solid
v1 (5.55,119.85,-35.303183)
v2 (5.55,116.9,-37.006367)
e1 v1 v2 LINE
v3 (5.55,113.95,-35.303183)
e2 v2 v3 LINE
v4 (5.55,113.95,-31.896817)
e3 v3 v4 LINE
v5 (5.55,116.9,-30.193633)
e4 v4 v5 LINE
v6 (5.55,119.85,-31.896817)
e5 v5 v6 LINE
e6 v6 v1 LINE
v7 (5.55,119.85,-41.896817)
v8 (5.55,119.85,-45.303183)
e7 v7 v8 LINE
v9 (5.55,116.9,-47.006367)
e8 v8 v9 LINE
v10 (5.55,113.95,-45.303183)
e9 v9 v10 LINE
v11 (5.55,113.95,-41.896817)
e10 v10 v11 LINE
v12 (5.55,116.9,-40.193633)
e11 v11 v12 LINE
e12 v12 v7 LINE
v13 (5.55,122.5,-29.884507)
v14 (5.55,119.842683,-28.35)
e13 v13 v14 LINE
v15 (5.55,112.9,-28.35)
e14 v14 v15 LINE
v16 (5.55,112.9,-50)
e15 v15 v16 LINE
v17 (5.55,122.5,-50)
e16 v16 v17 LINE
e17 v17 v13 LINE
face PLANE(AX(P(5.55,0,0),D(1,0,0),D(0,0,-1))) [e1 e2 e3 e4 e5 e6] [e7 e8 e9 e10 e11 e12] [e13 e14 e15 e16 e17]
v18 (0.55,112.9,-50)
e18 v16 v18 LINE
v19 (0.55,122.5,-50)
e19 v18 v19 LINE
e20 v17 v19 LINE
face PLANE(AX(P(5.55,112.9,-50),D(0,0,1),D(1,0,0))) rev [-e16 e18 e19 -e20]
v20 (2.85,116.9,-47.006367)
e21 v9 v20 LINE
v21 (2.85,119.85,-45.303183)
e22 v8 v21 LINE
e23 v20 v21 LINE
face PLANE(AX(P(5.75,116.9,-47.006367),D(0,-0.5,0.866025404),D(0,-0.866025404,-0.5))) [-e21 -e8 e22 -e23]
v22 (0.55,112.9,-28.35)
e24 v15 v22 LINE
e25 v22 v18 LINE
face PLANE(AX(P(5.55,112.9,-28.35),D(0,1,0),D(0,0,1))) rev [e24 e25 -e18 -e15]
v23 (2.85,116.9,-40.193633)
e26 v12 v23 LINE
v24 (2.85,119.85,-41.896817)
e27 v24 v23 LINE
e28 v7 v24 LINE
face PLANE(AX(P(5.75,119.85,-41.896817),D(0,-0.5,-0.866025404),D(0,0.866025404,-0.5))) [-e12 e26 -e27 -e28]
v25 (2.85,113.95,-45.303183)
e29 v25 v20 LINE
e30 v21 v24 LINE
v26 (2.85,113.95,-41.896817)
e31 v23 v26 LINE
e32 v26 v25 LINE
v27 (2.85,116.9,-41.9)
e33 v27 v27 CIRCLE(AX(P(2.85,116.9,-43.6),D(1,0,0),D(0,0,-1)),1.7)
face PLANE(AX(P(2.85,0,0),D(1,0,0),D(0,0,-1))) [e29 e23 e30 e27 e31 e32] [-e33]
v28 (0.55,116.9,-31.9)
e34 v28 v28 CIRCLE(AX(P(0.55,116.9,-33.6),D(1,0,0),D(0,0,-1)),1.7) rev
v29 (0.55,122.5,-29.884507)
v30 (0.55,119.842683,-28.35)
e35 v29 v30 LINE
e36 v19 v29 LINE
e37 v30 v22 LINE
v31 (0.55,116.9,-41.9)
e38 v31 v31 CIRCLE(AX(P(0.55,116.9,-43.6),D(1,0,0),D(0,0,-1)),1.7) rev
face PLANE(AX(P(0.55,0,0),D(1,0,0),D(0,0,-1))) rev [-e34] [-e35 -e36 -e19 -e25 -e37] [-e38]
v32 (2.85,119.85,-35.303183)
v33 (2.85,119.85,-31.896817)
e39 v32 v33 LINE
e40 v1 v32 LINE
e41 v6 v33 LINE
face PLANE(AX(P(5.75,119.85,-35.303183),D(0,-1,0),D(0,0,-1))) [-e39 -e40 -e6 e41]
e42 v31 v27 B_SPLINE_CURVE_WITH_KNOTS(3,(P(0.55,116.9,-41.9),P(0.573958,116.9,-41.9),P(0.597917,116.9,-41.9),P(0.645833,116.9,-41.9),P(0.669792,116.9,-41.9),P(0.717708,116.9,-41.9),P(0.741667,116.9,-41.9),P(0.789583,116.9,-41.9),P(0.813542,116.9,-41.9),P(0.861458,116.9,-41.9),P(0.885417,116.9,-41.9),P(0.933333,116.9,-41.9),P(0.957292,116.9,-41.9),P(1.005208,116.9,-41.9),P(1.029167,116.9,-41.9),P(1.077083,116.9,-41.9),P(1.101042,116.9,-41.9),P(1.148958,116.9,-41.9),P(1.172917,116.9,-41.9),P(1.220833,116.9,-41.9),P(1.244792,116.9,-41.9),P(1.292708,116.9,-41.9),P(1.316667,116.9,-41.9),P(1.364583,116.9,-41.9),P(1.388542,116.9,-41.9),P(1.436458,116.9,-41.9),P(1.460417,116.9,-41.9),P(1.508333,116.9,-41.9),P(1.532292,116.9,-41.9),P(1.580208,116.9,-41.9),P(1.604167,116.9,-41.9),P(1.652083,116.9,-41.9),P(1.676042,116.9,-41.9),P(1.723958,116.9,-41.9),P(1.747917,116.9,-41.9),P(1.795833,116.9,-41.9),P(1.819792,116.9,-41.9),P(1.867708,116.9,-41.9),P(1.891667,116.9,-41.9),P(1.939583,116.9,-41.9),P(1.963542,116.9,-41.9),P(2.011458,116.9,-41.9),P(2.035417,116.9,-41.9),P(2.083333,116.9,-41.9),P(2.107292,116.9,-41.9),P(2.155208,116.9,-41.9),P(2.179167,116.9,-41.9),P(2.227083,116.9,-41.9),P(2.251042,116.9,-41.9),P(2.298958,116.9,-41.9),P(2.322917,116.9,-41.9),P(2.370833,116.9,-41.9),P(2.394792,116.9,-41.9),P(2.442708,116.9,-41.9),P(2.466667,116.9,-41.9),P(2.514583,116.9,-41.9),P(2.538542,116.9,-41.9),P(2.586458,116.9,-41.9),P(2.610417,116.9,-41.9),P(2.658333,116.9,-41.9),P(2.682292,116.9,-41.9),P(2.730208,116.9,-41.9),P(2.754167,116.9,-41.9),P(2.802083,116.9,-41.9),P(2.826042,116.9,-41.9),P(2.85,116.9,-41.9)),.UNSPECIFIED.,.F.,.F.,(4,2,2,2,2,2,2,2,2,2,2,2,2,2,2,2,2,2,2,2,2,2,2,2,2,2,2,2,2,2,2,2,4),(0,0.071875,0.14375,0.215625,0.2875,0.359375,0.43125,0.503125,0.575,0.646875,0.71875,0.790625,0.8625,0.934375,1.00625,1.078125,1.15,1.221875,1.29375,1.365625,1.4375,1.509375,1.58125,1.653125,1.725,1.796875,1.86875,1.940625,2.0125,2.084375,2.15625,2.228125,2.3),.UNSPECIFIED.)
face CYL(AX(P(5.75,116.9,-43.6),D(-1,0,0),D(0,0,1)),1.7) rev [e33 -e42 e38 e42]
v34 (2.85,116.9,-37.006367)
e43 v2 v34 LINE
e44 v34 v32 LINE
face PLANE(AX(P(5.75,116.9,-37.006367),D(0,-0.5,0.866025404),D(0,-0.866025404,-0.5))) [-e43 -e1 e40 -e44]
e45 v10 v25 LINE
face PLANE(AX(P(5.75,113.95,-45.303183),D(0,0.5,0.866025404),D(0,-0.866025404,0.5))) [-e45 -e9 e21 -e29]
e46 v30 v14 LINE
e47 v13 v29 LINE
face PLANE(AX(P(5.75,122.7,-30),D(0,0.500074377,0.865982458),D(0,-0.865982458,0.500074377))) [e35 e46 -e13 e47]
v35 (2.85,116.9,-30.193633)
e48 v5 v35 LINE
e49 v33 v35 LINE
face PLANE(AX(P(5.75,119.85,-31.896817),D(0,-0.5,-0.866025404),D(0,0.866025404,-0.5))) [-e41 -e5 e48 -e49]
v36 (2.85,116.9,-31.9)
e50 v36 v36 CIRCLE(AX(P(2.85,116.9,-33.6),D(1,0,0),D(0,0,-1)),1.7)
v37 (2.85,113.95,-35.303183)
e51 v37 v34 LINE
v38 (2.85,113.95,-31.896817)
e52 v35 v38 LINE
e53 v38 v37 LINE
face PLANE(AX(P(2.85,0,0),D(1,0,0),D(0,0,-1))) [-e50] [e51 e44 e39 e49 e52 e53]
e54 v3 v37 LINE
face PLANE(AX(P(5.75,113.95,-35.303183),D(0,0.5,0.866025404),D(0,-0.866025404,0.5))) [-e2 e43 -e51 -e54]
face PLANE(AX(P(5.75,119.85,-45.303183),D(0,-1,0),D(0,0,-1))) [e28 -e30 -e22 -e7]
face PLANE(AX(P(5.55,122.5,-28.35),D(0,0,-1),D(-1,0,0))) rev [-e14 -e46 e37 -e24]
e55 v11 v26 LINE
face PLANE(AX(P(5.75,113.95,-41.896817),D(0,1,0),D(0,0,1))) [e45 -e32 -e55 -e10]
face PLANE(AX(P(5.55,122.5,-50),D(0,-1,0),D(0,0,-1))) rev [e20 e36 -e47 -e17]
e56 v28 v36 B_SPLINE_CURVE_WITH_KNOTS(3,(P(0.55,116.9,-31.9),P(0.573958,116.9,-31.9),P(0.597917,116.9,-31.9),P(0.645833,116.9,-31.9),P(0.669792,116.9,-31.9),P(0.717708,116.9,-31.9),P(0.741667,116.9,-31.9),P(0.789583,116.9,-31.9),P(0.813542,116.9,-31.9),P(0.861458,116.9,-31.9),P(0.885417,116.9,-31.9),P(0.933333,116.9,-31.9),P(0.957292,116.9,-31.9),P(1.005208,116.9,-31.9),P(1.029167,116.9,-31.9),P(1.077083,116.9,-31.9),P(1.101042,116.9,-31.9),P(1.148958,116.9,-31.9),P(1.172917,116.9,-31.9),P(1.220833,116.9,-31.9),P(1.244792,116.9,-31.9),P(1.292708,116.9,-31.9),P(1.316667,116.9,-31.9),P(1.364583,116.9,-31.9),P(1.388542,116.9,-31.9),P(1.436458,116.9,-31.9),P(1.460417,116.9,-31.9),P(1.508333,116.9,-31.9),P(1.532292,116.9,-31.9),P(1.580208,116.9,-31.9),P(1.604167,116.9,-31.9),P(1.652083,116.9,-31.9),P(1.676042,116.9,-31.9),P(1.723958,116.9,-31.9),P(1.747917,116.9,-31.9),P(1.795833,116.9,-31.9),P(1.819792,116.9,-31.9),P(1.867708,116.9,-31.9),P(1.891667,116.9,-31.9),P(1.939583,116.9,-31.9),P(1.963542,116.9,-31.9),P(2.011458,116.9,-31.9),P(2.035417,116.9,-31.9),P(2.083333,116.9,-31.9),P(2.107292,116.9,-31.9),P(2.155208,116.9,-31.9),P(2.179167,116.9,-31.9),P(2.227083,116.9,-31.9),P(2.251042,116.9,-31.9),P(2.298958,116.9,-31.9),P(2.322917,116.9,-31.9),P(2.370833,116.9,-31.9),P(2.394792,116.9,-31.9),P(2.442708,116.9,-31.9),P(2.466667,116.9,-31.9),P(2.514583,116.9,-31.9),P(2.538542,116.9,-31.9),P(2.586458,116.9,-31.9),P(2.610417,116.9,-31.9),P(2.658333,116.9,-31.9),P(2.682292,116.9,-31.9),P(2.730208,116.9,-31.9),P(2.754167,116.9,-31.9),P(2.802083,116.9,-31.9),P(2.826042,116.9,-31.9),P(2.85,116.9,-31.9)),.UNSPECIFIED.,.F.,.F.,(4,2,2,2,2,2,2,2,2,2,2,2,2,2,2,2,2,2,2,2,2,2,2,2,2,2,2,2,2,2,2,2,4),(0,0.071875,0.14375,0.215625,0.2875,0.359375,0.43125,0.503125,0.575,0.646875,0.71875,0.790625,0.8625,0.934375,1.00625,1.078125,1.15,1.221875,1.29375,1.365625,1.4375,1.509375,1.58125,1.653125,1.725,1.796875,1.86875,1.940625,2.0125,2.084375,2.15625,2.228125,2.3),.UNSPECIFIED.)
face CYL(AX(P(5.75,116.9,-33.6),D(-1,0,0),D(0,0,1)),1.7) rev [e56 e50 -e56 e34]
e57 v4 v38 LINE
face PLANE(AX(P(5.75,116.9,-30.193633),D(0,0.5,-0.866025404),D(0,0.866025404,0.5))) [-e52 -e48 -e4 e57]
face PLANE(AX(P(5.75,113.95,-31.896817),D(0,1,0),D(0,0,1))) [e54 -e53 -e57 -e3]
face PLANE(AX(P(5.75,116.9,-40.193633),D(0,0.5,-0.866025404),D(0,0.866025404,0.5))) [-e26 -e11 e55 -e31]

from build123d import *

# Parameters (mm, degrees)
KEEPER_START           = 0.55
SKETCH1_W              = 21.65
SKETCH1_H              = 9.6
KEEPER_DEPTH           = 5
BULKHEAD_START         = 0.35
BULKHEAD_CHAMFER_DEPTH = 5.4
TAB_START              = 0.35
SKETCH3_R              = 1.7
TAB_BOLT_HOLES_DEPTH   = 5.4
TAB_START_2            = 2.85
TAB_NUT_POCKETS_DEPTH  = 2.9


with BuildPart() as part:
    # Sketch1 → Keeper (new body)
    with BuildSketch(Plane(origin=(0, 0, 0), x_dir=(0, 0, -1), z_dir=(1, 0, 0)).offset(KEEPER_START)):
        with Locations((39.175, 117.7)):
            Rectangle(SKETCH1_W, SKETCH1_H)
    extrude(amount=KEEPER_DEPTH)

    # Sketch2 → Bulkhead chamfer (cut)
    with BuildSketch(Plane(origin=(0, 0, 0), x_dir=(0, 0, -1), z_dir=(1, 0, 0)).offset(BULKHEAD_START)):
        Polygon((21.8, 108.5), (21.8, 122.7), (30, 122.7), align=None)
    extrude(amount=BULKHEAD_CHAMFER_DEPTH, mode=Mode.SUBTRACT)

    # Sketch3 → Tab bolt holes (cut)
    with BuildSketch(Plane(origin=(0, 0, 0), x_dir=(0, 0, -1), z_dir=(1, 0, 0)).offset(TAB_START)):
        with Locations(Location((33.6, 116.9, 0), (0, 0, 180))):
            Circle(SKETCH3_R)
        with Locations(Location((43.6, 116.9, 0), (0, 0, 180))):
            Circle(SKETCH3_R)
    extrude(amount=TAB_BOLT_HOLES_DEPTH, mode=Mode.SUBTRACT)

    # Sketch4 → Tab nut pockets (cut)
    with BuildSketch(Plane(origin=(0, 0, 0), x_dir=(0, 0, -1), z_dir=(1, 0, 0)).offset(TAB_START_2)):
        Polygon((31.896816706, 119.85), (30.193633412, 116.9), (31.896816706, 113.95), (35.303183294, 113.95), (37.006366588, 116.9), (35.303183294, 119.85), align=None)
        Polygon((41.896816706, 119.85), (40.193633412, 116.9), (41.896816706, 113.95), (45.303183294, 113.95), (47.006366588, 116.9), (45.303183294, 119.85), align=None)
    extrude(amount=TAB_NUT_POCKETS_DEPTH, mode=Mode.SUBTRACT)


solid = part.part
